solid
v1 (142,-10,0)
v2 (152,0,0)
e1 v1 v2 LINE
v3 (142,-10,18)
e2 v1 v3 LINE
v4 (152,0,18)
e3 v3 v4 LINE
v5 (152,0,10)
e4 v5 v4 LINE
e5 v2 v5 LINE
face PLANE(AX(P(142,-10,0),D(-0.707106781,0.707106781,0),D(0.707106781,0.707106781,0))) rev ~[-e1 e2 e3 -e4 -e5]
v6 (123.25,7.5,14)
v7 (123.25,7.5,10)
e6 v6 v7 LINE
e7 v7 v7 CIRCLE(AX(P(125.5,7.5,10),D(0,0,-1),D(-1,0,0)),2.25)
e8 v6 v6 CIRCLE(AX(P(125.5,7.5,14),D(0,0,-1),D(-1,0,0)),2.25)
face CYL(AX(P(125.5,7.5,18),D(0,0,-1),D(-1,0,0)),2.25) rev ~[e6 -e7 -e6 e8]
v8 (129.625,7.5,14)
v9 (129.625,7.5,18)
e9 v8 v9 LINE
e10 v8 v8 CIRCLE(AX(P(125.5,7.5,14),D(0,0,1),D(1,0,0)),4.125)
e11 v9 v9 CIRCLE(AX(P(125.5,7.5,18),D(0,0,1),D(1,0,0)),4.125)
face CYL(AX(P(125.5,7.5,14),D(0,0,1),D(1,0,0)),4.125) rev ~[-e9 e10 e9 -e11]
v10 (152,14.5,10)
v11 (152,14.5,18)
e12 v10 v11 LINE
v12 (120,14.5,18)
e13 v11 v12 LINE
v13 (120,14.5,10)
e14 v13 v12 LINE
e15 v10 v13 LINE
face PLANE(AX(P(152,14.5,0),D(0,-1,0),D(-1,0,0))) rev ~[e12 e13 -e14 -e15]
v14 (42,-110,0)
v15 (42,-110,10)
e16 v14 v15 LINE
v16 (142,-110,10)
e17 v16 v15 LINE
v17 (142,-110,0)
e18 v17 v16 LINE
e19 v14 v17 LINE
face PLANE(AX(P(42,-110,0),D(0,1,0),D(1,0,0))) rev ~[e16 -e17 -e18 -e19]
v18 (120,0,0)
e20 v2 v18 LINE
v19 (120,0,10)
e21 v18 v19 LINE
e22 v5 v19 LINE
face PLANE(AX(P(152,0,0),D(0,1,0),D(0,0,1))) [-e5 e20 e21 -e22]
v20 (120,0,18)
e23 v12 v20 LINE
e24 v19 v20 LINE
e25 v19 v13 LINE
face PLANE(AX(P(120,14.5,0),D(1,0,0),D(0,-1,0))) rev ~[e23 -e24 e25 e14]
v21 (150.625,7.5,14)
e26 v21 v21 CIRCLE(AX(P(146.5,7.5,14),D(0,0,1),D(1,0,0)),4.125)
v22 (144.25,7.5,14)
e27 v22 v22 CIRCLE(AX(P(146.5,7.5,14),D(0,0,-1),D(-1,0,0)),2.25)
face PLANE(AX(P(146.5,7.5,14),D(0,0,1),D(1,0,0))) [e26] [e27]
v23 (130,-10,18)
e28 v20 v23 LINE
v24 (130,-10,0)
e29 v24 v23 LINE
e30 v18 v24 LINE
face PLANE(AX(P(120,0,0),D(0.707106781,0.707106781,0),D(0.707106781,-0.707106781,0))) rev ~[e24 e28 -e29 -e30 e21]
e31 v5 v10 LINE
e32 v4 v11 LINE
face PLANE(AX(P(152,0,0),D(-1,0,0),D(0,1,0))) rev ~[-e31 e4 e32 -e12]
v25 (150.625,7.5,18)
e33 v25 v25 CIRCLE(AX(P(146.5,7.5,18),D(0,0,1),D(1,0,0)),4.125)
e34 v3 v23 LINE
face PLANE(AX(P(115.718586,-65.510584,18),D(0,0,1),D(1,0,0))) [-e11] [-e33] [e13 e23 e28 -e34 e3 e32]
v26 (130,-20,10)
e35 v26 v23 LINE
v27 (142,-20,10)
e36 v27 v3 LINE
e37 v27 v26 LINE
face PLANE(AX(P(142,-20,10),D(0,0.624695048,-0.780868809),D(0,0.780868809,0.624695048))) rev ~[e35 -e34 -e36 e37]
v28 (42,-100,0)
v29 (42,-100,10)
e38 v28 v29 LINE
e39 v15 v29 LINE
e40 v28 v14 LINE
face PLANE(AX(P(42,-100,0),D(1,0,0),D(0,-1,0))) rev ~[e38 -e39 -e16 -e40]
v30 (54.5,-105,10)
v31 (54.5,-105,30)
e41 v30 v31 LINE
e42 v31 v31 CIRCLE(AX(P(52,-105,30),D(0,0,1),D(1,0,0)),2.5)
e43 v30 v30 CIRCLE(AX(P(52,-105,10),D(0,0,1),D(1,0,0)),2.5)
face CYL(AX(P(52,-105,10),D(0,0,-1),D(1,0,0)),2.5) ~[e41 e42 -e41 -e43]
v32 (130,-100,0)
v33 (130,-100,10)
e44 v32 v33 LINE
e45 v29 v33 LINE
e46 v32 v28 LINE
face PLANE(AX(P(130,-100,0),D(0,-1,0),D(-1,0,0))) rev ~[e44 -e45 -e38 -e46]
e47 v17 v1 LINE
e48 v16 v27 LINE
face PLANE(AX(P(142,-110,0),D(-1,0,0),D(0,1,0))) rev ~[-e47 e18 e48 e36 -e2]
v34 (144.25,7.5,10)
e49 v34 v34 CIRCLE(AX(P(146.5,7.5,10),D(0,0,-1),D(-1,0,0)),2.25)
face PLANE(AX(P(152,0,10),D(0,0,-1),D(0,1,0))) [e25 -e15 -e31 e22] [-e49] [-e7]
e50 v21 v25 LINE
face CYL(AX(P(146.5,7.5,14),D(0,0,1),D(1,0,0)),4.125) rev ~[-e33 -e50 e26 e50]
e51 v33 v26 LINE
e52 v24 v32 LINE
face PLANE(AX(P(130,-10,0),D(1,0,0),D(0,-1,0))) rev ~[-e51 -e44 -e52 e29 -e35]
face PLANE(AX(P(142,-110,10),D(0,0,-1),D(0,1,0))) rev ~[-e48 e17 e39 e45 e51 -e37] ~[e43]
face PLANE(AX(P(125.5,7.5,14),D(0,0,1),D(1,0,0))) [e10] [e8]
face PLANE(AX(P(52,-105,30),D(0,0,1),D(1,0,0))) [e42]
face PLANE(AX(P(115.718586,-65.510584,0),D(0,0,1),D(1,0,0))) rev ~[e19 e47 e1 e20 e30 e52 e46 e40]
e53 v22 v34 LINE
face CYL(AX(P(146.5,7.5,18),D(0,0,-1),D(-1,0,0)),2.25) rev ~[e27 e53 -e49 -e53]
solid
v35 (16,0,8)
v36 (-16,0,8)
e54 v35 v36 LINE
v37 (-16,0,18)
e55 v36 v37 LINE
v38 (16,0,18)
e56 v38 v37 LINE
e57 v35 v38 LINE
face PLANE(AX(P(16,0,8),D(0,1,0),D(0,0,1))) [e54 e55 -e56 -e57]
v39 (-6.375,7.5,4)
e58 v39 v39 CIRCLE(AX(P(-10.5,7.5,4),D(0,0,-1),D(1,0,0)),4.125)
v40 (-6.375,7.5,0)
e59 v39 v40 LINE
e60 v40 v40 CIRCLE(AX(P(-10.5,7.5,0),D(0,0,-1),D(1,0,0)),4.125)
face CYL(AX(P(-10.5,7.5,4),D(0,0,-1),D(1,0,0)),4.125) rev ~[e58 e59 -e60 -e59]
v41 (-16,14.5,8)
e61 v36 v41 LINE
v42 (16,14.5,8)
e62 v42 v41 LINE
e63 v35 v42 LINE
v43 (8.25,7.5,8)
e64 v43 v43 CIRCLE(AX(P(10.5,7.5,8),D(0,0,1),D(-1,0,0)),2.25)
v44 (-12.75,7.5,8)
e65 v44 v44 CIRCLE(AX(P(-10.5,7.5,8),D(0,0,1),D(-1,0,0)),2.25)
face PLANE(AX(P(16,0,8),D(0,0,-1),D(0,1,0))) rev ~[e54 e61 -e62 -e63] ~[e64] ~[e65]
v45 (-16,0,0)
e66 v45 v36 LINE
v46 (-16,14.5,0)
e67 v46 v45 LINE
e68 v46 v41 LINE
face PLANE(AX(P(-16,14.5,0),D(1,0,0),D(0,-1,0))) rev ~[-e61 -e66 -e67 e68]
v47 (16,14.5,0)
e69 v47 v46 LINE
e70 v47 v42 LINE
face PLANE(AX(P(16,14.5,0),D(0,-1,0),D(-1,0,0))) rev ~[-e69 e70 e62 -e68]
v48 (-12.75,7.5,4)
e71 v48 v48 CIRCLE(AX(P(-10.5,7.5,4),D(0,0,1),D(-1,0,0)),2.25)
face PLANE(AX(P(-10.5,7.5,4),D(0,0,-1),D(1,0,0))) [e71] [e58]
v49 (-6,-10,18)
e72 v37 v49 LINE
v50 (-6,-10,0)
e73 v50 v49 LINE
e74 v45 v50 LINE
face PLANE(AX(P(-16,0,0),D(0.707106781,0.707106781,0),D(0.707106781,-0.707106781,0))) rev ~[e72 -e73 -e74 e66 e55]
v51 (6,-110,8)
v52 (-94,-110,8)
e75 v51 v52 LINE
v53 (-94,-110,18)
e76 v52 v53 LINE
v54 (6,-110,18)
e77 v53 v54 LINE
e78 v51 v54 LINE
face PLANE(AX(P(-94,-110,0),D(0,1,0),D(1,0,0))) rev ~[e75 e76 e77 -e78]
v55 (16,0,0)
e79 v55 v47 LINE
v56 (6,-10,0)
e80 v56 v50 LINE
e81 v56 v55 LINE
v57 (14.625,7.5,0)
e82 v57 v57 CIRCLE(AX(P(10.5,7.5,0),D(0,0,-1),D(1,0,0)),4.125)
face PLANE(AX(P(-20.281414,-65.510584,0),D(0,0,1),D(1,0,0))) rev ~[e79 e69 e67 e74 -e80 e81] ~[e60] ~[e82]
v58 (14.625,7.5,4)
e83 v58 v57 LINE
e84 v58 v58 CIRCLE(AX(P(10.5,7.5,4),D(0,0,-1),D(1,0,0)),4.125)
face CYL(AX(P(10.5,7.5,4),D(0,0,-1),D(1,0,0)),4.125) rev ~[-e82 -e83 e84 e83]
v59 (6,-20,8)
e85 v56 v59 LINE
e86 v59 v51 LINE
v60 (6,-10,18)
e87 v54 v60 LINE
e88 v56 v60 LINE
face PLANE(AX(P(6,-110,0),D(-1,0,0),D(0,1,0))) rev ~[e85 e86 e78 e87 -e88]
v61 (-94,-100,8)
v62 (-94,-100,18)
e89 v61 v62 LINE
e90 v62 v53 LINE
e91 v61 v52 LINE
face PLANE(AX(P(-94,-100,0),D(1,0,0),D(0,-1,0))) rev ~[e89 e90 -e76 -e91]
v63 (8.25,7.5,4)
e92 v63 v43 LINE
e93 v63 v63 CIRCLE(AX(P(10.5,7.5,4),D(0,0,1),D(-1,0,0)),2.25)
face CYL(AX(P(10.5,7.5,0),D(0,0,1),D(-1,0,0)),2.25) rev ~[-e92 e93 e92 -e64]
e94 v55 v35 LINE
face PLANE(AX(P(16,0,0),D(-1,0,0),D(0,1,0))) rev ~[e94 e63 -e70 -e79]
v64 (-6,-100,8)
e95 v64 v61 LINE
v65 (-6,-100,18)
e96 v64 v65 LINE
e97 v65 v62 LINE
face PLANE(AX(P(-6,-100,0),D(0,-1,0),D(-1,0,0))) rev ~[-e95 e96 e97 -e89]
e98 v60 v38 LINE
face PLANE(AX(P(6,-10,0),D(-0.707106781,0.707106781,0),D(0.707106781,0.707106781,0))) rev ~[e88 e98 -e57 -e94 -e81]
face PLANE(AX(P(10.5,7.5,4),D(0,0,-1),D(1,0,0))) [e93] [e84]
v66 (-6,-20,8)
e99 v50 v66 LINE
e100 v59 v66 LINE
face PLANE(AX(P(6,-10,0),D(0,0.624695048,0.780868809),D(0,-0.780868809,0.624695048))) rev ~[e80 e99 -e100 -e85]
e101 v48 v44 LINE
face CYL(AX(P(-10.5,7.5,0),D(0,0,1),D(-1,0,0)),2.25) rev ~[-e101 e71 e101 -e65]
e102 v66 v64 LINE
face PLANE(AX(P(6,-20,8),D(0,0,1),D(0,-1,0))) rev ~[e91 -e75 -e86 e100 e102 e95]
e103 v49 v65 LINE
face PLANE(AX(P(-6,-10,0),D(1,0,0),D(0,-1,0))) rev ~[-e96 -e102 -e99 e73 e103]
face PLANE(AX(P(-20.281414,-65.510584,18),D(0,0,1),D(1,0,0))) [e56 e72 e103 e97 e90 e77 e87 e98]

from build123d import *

# Parameters (mm, degrees)
F1_DEPTH        = 18
F2_W            = 14.5
F2_H            = 10
F3_DEPTH        = 32
F4_W            = 14.5
F4_H            = 10
F5_DEPTH        = 32
F7_DEPTH        = 100.001
F9_DEPTH        = 100.001
F10_R           = 2.5
F11_DEPTH       = 20
F13_D           = 4.5
F13_CBORE_D     = 8.25
F13_CBORE_DEPTH = 4
F15_D           = 4.5
F15_CBORE_D     = 8.25
F15_CBORE_DEPTH = 4


with BuildPart() as f1:
    # F0 (on Top) → F1 (new body)
    with BuildSketch(Plane.XY):
        Polygon((-16, 14.5), (-16, 0), (-6, -10), (-6, -100), (-94, -100), (-94, -110), (6, -110), (6, -10), (16, 0), (16, 14.5), align=None)
    extrude(amount=F1_DEPTH)

    # F4 (on face) → F5 (cut, through all)
    with BuildSketch(Plane.YZ.offset(16)):
        with Locations((7.25, 13)):
            Rectangle(F4_W, F4_H)
    extrude(amount=-F5_DEPTH, mode=Mode.SUBTRACT)

    # F8 (on face) → F9 (cut, through all)
    with BuildSketch(Plane.YZ.offset(6)):
        Polygon((-110, 8), (-110, 0), (-10, 0), (-20, 8), align=None)
    extrude(amount=-F9_DEPTH, mode=Mode.SUBTRACT)

    # F13 (through all)
    with Locations(Plane(origin=(0, 0, 0), x_dir=(1, 0, 0), z_dir=(0, 0, -1))):
        with Locations((-10.5, -7.5), (10.5, -7.5)):
            CounterBoreHole(F13_D / 2, F13_CBORE_D / 2, F13_CBORE_DEPTH)


with BuildPart() as f1b:
    # F0 (on Top) → F1, piece 2 (new body)
    with BuildSketch(Plane.XY):
        Polygon((120, 14.5), (120, 0), (130, -10), (130, -100), (42, -100), (42, -110), (142, -110), (142, -10), (152, 0), (152, 14.5), align=None)
    extrude(amount=F1_DEPTH)

    # F2 (on face) → F3 (cut, through all)
    with BuildSketch(Plane.YZ.offset(152)):
        with Locations((7.25, 5)):
            Rectangle(F2_W, F2_H)
    extrude(amount=-F3_DEPTH, mode=Mode.SUBTRACT)

    # F6 (on face) → F7 (cut, through all)
    with BuildSketch(Plane.YZ.offset(142)):
        Polygon((-10, 18), (-110, 18), (-110, 10), (-20, 10), align=None)
    extrude(amount=-F7_DEPTH, mode=Mode.SUBTRACT)

    # F10 (on face) → F11 (join)
    with BuildSketch(Plane.XY.offset(10)):
        with Locations((52, -105)):
            Circle(F10_R)
    extrude(amount=F11_DEPTH)

    # F15 (through all)
    with Locations(Plane.XY.offset(18)):
        with Locations((125.5, 7.5), (146.5, 7.5)):
            CounterBoreHole(F15_D / 2, F15_CBORE_D / 2, F15_CBORE_DEPTH)


solid = Compound([f1.part, f1b.part])
